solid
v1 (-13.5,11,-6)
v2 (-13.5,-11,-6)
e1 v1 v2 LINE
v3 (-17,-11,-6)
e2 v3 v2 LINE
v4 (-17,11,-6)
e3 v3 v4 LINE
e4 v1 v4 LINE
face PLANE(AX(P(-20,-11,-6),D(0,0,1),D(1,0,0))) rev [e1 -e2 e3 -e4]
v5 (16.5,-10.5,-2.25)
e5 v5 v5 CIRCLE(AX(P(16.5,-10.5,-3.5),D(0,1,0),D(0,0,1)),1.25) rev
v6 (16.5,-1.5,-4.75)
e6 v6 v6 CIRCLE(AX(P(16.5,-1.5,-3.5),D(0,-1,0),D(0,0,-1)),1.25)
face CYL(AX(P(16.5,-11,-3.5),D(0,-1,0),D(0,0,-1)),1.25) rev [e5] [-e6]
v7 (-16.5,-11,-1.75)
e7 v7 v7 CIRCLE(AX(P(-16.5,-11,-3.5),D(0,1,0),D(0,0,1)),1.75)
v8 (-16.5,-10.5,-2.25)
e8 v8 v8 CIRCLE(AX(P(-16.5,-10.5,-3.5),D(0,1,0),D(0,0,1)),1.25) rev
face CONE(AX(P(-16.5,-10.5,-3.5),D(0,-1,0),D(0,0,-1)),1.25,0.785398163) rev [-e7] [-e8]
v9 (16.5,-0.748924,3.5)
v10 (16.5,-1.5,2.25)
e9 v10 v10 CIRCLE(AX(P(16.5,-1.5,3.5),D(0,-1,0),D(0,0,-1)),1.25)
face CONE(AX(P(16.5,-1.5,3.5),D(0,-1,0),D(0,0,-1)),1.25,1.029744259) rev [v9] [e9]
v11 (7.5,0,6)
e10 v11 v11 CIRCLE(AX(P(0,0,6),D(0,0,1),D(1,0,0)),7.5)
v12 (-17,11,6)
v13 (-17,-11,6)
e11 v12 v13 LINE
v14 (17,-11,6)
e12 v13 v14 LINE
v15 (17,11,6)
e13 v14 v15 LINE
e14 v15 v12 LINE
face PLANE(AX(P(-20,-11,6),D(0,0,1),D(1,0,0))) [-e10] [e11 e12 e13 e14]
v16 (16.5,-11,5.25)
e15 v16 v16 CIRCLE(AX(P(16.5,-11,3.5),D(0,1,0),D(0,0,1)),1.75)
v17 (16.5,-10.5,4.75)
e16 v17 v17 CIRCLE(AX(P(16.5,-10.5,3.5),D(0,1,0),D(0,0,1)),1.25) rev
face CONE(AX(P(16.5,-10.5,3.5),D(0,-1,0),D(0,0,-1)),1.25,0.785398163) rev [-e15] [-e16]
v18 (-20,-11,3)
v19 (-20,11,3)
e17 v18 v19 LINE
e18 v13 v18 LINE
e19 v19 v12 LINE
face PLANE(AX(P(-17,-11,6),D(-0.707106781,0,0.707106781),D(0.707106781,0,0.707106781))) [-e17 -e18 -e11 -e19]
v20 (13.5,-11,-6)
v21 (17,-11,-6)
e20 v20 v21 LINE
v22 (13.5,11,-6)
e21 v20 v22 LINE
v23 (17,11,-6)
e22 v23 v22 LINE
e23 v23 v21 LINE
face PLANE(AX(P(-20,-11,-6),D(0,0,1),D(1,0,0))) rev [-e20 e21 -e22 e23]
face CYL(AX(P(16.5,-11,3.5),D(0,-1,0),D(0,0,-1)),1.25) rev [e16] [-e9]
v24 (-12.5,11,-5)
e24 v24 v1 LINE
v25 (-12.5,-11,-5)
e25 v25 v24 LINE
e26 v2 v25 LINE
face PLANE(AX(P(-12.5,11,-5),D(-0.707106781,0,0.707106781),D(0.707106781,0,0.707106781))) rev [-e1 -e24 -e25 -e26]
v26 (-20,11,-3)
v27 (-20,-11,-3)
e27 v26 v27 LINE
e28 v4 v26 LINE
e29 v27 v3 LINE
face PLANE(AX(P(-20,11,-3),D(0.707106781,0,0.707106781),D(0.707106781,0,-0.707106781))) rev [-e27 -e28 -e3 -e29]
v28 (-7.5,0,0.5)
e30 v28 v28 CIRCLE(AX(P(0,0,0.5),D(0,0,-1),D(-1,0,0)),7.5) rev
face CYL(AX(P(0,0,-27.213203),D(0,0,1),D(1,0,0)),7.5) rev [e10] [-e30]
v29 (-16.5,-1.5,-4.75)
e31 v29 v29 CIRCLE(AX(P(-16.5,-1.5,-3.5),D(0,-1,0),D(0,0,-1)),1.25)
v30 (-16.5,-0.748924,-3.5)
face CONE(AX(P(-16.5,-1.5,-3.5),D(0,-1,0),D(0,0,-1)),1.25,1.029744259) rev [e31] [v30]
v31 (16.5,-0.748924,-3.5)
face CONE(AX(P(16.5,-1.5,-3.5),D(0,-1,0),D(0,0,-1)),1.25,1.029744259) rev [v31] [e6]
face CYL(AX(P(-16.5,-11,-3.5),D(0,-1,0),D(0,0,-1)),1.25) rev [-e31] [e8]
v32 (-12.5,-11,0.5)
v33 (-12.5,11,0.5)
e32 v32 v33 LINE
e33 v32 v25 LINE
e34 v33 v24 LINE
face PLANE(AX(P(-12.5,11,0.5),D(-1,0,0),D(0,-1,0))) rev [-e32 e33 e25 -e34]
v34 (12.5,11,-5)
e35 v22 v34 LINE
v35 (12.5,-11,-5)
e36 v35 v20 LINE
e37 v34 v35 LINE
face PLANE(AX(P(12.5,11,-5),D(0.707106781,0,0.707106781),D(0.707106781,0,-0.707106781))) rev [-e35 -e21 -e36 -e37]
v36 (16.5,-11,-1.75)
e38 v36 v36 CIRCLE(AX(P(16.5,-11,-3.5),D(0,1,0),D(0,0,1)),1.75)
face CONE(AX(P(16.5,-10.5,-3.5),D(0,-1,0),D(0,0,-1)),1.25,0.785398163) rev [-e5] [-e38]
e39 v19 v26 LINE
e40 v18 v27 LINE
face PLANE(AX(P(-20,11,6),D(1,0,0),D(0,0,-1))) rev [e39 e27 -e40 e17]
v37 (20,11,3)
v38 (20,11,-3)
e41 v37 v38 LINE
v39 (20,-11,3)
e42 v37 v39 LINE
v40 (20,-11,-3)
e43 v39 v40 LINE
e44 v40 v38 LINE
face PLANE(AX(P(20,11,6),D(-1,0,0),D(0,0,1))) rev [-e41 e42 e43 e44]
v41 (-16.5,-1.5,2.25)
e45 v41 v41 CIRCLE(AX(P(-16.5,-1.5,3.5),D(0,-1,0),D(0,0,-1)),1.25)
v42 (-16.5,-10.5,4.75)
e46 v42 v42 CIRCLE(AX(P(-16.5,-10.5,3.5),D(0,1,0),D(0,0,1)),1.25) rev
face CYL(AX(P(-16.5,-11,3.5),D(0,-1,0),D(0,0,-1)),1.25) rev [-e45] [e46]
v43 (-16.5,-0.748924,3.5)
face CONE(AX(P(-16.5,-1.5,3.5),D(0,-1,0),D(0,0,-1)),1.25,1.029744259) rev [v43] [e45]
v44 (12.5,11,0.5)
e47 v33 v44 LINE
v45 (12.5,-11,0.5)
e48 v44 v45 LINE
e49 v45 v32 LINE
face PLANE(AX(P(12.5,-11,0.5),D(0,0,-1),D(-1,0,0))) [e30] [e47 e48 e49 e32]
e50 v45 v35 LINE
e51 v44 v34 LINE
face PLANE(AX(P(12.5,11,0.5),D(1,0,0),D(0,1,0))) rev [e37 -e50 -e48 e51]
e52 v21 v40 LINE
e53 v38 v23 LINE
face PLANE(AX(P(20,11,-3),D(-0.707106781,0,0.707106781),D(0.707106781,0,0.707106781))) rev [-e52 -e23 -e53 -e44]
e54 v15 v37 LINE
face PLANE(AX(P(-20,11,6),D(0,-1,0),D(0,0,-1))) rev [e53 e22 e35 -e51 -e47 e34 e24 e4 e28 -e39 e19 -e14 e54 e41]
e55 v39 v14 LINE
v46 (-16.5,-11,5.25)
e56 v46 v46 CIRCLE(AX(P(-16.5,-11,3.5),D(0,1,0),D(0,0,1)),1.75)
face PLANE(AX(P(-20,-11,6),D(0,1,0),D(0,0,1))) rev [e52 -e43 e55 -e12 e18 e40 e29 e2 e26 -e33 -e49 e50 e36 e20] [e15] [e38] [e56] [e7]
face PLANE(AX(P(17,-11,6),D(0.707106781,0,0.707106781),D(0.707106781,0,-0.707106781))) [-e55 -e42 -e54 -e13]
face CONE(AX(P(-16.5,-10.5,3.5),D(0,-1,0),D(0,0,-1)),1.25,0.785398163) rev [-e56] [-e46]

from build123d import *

# Parameters (mm, degrees)
SKETCH_1_W                 = 40
SKETCH_1_H                 = 22
EXTRUDE_1_DEPTH            = 6
M3_TAPPED_HOLE1_AT_2_COUNT = 2
M3_TAPPED_HOLE1_AT_2_PITCH = 33
CHAMFER_1_SIZE             = 0.5
SKETCH_5_R                 = 7.5
CUT_EXTRUDE_2_DEPTH        = 12
CHAMFER1_SIZE              = 0.5
SKETCH2_W                  = 25
SKETCH2_H                  = 22
EXTRUDE2_DEPTH             = 6.5
CHAMFER2_SIZE              = 1
CHAMFER3_SIZE              = 3


with BuildPart() as part:
    # 草图1 → 拉伸1 (new, symmetric)
    with BuildSketch(Plane.XY):
        Rectangle(SKETCH_1_W, SKETCH_1_H)
    extrude(amount=EXTRUDE_1_DEPTH, both=True)

    # 草图4 → M3 Tapped Hole1 (revolve, cut)
    with BuildSketch(Plane(origin=(-16.5, -11, 3.5), x_dir=(0, 0, -1), z_dir=(1, 0, 0))):
        Polygon((0, 0), (0, 10.251075774), (1.25, 9.5), (1.25, 0), align=None)
    m3_tapped_hole1 = revolve(axis=Axis((-16.5, -17.35, 3.5), (0, 1, 0)), mode=Mode.SUBTRACT)

    # M3 Tapped Hole1 at 2: M3 Tapped Hole1 ×2
    with Locations(*[(i * M3_TAPPED_HOLE1_AT_2_PITCH, 0, 0) for i in range(1, M3_TAPPED_HOLE1_AT_2_COUNT)]):
        add(m3_tapped_hole1, mode=Mode.SUBTRACT)

    # 倒角1
    chamfer_1_edges = [part.edges().sort_by_distance(p)[0] for p in [
        (16.5, -11, 4.75),
        (-16.5, -11, 4.75),
    ]]
    chamfer(chamfer_1_edges, length=CHAMFER_1_SIZE)

    # 草图5 → 拉伸2 (cut)
    with BuildSketch(Plane.XY.offset(6)):
        Circle(SKETCH_5_R)
    extrude(amount=-CUT_EXTRUDE_2_DEPTH, mode=Mode.SUBTRACT)

    # Mirror1: M3 Tapped Hole1 across plane
    add(m3_tapped_hole1.mirror(Plane.XY), mode=Mode.SUBTRACT)

    # Mirror1 copy 1 sketch → Mirror1 copy 1 (revolve, cut)
    with BuildSketch(Plane(origin=(16.5, -11, -3.5), x_dir=(0, 0, 1), z_dir=(1, 0, 0))):
        Polygon((0, 0), (0, -10.251075774), (1.25, -9.5), (1.25, 0), align=None)
    revolve(axis=Axis((16.5, -17.35, -3.5), (0, -1, 0)), mode=Mode.SUBTRACT)

    # Chamfer1
    chamfer1_edges = [part.edges().sort_by_distance(p)[0] for p in [
        (16.5, -11, -4.75),
        (-16.5, -11, -4.75),
    ]]
    chamfer(chamfer1_edges, length=CHAMFER1_SIZE)

    # Sketch2 → Extrude2 (cut)
    with BuildSketch(Plane(origin=(0, 0, -6), x_dir=(-1, 0, 0), z_dir=(0, 0, -1))):
        Rectangle(SKETCH2_W, SKETCH2_H)
    extrude(amount=-EXTRUDE2_DEPTH, mode=Mode.SUBTRACT)

    # Chamfer2
    chamfer2_edges = [part.edges().sort_by_distance(p)[0] for p in [
        (12.5, 0, -6),
        (-12.5, 0, -6),
    ]]
    chamfer(chamfer2_edges, length=CHAMFER2_SIZE)

    # Chamfer3
    chamfer3_edges = [part.edges().sort_by_distance(p)[0] for p in [
        (20, 0, 6),
        (-20, 0, 6),
        (20, 0, -6),
        (-20, 0, -6),
    ]]
    chamfer(chamfer3_edges, length=CHAMFER3_SIZE)


solid = part.part
